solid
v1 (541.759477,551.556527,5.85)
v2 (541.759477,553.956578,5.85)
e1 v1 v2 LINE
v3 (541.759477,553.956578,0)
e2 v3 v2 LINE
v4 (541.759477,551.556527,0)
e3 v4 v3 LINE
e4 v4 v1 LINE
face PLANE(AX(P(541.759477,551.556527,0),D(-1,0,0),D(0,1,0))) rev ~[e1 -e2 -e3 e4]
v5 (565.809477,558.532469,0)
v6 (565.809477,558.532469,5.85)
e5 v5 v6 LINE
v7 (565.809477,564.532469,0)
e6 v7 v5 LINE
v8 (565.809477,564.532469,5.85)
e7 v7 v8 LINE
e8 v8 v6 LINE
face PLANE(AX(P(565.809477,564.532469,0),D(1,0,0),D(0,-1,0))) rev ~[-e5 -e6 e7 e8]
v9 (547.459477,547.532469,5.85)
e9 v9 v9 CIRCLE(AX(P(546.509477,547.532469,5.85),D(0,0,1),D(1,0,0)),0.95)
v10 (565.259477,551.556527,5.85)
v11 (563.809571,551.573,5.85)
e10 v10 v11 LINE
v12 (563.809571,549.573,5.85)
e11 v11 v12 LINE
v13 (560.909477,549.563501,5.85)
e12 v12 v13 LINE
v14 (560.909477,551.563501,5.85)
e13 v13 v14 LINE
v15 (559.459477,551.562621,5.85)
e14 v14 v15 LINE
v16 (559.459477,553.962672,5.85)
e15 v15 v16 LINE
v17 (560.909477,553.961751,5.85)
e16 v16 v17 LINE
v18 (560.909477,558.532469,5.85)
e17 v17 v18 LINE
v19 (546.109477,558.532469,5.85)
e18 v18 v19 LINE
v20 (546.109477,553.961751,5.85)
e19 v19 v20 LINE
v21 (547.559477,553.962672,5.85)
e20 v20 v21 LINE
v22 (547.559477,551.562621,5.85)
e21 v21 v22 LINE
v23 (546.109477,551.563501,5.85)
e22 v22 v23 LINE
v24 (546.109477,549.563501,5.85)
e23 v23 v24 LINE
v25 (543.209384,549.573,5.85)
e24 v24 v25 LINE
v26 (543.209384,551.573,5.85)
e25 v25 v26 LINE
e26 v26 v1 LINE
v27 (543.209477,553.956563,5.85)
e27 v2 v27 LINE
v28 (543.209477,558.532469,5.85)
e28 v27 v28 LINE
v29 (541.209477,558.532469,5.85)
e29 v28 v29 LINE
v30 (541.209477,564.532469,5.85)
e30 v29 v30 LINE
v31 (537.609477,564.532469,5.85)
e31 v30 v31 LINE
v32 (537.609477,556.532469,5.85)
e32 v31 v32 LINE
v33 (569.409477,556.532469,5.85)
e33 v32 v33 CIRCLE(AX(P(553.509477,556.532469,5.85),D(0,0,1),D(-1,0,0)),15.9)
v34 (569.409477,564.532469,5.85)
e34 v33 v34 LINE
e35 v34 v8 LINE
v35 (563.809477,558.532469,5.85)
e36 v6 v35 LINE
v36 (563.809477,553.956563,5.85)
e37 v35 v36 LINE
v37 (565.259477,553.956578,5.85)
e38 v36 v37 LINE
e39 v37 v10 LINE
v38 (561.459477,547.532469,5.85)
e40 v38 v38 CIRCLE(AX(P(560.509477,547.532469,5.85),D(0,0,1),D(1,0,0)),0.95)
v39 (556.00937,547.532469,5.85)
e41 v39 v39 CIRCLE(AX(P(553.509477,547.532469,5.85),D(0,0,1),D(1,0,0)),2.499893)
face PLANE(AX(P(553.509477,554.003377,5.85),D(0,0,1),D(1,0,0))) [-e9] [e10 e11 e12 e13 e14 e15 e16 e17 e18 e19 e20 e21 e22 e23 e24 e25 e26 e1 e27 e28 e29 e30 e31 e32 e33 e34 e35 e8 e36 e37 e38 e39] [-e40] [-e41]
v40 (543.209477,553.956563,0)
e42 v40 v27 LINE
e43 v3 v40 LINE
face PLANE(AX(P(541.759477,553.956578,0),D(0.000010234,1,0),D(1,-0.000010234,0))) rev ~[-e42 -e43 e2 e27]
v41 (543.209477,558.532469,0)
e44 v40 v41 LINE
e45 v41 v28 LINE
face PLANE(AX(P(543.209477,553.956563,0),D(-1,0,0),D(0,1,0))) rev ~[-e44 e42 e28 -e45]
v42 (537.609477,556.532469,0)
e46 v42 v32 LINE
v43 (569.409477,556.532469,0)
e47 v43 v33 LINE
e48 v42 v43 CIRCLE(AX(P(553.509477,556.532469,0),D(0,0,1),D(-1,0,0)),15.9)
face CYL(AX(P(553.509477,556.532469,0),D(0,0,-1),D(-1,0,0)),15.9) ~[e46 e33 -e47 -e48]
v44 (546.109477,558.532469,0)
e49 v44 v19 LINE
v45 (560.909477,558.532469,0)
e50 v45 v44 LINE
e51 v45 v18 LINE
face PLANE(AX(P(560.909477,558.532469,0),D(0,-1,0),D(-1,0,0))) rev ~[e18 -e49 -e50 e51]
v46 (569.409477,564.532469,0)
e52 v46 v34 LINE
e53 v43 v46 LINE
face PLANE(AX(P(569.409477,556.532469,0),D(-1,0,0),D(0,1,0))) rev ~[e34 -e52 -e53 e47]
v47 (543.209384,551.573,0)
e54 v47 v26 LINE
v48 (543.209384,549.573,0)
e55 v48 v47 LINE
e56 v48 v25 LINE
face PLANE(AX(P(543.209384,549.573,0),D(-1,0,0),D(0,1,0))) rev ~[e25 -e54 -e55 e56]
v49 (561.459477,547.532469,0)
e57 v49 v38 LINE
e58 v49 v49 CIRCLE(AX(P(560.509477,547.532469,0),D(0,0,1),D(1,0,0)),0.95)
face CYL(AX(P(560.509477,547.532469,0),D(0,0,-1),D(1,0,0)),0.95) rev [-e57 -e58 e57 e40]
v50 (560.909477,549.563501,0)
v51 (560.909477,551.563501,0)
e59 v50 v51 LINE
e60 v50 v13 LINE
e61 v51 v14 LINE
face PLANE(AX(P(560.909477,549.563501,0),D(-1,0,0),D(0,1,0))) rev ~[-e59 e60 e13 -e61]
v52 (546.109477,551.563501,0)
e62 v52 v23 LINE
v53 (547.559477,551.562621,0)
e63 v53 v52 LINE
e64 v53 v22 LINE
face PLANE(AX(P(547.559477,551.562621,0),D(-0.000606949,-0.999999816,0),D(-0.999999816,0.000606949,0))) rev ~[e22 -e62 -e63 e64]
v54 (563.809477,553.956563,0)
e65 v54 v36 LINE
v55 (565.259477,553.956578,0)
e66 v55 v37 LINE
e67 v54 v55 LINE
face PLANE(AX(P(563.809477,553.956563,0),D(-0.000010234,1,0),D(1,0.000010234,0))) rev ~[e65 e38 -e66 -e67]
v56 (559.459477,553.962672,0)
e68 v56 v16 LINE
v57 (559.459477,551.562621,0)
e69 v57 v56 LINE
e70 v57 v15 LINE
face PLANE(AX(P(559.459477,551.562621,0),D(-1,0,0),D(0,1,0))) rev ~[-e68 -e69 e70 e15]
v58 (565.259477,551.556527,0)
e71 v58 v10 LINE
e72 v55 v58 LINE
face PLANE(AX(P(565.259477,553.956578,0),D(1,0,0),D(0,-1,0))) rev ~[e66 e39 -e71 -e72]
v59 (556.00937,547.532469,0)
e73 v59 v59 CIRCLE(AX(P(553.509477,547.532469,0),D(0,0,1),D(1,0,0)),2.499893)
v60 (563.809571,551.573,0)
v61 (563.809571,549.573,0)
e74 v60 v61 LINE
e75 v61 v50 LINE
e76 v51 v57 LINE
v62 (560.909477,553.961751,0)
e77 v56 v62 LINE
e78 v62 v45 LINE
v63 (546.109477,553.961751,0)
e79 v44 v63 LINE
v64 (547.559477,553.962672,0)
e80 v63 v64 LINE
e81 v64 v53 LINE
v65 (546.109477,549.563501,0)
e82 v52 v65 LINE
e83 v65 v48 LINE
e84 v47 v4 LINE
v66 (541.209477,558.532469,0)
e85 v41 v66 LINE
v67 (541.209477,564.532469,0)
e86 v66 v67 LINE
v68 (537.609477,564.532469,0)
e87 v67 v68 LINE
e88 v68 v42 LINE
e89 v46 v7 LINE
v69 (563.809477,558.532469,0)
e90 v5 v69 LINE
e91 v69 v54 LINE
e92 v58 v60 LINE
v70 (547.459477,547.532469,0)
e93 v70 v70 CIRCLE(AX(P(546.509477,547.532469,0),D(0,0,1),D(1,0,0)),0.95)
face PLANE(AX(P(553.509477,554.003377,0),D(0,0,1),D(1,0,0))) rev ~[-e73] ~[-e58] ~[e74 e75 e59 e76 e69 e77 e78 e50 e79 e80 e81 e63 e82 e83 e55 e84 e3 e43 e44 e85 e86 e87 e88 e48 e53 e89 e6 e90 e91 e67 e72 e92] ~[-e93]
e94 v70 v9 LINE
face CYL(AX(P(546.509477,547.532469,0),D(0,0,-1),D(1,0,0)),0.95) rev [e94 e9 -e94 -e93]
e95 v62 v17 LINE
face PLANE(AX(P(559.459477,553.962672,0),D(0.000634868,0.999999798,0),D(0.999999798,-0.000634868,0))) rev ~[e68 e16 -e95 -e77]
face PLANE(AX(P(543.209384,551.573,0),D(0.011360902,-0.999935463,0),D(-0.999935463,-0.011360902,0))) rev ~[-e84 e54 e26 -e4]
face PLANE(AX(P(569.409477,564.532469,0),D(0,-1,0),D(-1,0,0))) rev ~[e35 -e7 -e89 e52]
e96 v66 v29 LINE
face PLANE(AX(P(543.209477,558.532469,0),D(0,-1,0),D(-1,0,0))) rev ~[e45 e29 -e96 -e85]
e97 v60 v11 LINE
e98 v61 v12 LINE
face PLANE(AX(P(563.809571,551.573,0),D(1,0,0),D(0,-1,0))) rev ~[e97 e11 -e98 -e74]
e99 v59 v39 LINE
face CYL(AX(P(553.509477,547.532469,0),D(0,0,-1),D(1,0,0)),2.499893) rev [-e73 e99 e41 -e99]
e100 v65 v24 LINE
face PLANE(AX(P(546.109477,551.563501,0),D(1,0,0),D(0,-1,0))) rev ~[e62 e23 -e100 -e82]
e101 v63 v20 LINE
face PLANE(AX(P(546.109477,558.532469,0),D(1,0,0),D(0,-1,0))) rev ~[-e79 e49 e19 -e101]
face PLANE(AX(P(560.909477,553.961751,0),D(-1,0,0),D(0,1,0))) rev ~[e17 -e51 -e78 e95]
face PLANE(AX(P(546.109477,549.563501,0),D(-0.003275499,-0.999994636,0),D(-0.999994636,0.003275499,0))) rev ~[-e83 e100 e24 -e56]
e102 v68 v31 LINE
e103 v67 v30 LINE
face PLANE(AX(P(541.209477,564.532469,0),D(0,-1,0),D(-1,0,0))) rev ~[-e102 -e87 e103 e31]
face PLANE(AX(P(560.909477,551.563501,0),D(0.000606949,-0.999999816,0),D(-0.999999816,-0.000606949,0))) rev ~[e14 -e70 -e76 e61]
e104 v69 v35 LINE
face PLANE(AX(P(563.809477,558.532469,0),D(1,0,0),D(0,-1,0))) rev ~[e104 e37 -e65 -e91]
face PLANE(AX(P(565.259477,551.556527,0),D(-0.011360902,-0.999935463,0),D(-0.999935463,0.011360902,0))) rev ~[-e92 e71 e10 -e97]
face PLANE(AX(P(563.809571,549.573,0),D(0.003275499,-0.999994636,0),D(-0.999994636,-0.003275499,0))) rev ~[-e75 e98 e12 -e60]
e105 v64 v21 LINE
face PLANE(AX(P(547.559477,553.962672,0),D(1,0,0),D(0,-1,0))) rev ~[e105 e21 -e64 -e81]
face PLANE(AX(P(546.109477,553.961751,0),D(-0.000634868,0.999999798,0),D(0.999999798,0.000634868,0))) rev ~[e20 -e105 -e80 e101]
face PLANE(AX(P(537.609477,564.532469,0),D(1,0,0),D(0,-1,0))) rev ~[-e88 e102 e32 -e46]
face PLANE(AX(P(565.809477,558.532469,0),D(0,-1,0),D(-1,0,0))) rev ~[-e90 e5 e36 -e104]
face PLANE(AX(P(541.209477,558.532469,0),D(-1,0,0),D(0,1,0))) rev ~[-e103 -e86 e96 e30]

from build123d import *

# Parameters (mm, degrees)
MODEL_R             = 0.95
MODEL_R_2           = 2.49989274
BOSS_EXTRUDE2_DEPTH = 5.85


with BuildPart() as part:
    # Model → Boss-Extrude2 (new body)
    with BuildSketch(Plane.XY):
        with BuildLine():
            Line((553.509477136, 558.532469), (546.109477136, 558.532469))
            Line((546.109477136, 558.532469), (546.109477136, 553.961751207))
            Line((546.109477136, 553.961751207), (547.559476844, 553.962671766))
            Line((547.559476844, 553.962671766), (547.559476844, 551.562620711))
            Line((547.559476844, 551.562620711), (546.109477111, 551.563500787))
            Line((546.109477111, 551.563500787), (546.109477111, 549.563500787))
            Line((546.109477111, 549.563500787), (543.209383557, 549.573000091))
            Line((543.209383557, 549.573000091), (543.209383557, 551.573000091))
            Line((543.209383557, 551.573000091), (541.759477136, 551.556526783))
            Line((541.759477136, 551.556526783), (541.759477136, 553.956577839))
            Line((541.759477136, 553.956577839), (543.209477136, 553.956563))
            Line((543.209477136, 553.956563), (543.209477136, 558.532469))
            Line((543.209477136, 558.532469), (541.209477136, 558.532469))
            Line((541.209477136, 558.532469), (541.209477136, 564.532469))
            Line((541.209477136, 564.532469), (537.609477136, 564.532469))
            Line((537.609477136, 564.532469), (537.609477136, 556.532469))
            ThreePointArc((537.609477136, 556.532469), (553.509477136, 540.632469), (569.409477136, 556.532469))
            Line((569.409477136, 556.532469), (569.409477136, 564.532469))
            Line((569.409477136, 564.532469), (565.809477136, 564.532469))
            Line((565.809477136, 564.532469), (565.809477136, 558.532469))
            Line((565.809477136, 558.532469), (563.809477136, 558.532469))
            Line((563.809477136, 558.532469), (563.809477136, 553.956563))
            Line((563.809477136, 553.956563), (565.259477136, 553.956577839))
            Line((565.259477136, 553.956577839), (565.259477136, 551.556526783))
            Line((565.259477136, 551.556526783), (563.809570715, 551.573000091))
            Line((563.809570715, 551.573000091), (563.809570715, 549.573000091))
            Line((563.809570715, 549.573000091), (560.909477161, 549.563500787))
            Line((560.909477161, 549.563500787), (560.909477161, 551.563500787))
            Line((560.909477161, 551.563500787), (559.459477428, 551.562620711))
            Line((559.459477428, 551.562620711), (559.459477428, 553.962671766))
            Line((559.459477428, 553.962671766), (560.909477136, 553.961751207))
            Line((560.909477136, 553.961751207), (560.909477136, 558.532469))
            Line((560.909477136, 558.532469), (553.509477136, 558.532469))
        make_face()
        with Locations((546.509477136, 547.532469)):
            Circle(MODEL_R, mode=Mode.SUBTRACT)
        with Locations((553.509477136, 547.532469)):
            Circle(MODEL_R_2, mode=Mode.SUBTRACT)
        with Locations((560.509477136, 547.532469)):
            Circle(MODEL_R, mode=Mode.SUBTRACT)
    extrude(amount=BOSS_EXTRUDE2_DEPTH)


solid = part.part
